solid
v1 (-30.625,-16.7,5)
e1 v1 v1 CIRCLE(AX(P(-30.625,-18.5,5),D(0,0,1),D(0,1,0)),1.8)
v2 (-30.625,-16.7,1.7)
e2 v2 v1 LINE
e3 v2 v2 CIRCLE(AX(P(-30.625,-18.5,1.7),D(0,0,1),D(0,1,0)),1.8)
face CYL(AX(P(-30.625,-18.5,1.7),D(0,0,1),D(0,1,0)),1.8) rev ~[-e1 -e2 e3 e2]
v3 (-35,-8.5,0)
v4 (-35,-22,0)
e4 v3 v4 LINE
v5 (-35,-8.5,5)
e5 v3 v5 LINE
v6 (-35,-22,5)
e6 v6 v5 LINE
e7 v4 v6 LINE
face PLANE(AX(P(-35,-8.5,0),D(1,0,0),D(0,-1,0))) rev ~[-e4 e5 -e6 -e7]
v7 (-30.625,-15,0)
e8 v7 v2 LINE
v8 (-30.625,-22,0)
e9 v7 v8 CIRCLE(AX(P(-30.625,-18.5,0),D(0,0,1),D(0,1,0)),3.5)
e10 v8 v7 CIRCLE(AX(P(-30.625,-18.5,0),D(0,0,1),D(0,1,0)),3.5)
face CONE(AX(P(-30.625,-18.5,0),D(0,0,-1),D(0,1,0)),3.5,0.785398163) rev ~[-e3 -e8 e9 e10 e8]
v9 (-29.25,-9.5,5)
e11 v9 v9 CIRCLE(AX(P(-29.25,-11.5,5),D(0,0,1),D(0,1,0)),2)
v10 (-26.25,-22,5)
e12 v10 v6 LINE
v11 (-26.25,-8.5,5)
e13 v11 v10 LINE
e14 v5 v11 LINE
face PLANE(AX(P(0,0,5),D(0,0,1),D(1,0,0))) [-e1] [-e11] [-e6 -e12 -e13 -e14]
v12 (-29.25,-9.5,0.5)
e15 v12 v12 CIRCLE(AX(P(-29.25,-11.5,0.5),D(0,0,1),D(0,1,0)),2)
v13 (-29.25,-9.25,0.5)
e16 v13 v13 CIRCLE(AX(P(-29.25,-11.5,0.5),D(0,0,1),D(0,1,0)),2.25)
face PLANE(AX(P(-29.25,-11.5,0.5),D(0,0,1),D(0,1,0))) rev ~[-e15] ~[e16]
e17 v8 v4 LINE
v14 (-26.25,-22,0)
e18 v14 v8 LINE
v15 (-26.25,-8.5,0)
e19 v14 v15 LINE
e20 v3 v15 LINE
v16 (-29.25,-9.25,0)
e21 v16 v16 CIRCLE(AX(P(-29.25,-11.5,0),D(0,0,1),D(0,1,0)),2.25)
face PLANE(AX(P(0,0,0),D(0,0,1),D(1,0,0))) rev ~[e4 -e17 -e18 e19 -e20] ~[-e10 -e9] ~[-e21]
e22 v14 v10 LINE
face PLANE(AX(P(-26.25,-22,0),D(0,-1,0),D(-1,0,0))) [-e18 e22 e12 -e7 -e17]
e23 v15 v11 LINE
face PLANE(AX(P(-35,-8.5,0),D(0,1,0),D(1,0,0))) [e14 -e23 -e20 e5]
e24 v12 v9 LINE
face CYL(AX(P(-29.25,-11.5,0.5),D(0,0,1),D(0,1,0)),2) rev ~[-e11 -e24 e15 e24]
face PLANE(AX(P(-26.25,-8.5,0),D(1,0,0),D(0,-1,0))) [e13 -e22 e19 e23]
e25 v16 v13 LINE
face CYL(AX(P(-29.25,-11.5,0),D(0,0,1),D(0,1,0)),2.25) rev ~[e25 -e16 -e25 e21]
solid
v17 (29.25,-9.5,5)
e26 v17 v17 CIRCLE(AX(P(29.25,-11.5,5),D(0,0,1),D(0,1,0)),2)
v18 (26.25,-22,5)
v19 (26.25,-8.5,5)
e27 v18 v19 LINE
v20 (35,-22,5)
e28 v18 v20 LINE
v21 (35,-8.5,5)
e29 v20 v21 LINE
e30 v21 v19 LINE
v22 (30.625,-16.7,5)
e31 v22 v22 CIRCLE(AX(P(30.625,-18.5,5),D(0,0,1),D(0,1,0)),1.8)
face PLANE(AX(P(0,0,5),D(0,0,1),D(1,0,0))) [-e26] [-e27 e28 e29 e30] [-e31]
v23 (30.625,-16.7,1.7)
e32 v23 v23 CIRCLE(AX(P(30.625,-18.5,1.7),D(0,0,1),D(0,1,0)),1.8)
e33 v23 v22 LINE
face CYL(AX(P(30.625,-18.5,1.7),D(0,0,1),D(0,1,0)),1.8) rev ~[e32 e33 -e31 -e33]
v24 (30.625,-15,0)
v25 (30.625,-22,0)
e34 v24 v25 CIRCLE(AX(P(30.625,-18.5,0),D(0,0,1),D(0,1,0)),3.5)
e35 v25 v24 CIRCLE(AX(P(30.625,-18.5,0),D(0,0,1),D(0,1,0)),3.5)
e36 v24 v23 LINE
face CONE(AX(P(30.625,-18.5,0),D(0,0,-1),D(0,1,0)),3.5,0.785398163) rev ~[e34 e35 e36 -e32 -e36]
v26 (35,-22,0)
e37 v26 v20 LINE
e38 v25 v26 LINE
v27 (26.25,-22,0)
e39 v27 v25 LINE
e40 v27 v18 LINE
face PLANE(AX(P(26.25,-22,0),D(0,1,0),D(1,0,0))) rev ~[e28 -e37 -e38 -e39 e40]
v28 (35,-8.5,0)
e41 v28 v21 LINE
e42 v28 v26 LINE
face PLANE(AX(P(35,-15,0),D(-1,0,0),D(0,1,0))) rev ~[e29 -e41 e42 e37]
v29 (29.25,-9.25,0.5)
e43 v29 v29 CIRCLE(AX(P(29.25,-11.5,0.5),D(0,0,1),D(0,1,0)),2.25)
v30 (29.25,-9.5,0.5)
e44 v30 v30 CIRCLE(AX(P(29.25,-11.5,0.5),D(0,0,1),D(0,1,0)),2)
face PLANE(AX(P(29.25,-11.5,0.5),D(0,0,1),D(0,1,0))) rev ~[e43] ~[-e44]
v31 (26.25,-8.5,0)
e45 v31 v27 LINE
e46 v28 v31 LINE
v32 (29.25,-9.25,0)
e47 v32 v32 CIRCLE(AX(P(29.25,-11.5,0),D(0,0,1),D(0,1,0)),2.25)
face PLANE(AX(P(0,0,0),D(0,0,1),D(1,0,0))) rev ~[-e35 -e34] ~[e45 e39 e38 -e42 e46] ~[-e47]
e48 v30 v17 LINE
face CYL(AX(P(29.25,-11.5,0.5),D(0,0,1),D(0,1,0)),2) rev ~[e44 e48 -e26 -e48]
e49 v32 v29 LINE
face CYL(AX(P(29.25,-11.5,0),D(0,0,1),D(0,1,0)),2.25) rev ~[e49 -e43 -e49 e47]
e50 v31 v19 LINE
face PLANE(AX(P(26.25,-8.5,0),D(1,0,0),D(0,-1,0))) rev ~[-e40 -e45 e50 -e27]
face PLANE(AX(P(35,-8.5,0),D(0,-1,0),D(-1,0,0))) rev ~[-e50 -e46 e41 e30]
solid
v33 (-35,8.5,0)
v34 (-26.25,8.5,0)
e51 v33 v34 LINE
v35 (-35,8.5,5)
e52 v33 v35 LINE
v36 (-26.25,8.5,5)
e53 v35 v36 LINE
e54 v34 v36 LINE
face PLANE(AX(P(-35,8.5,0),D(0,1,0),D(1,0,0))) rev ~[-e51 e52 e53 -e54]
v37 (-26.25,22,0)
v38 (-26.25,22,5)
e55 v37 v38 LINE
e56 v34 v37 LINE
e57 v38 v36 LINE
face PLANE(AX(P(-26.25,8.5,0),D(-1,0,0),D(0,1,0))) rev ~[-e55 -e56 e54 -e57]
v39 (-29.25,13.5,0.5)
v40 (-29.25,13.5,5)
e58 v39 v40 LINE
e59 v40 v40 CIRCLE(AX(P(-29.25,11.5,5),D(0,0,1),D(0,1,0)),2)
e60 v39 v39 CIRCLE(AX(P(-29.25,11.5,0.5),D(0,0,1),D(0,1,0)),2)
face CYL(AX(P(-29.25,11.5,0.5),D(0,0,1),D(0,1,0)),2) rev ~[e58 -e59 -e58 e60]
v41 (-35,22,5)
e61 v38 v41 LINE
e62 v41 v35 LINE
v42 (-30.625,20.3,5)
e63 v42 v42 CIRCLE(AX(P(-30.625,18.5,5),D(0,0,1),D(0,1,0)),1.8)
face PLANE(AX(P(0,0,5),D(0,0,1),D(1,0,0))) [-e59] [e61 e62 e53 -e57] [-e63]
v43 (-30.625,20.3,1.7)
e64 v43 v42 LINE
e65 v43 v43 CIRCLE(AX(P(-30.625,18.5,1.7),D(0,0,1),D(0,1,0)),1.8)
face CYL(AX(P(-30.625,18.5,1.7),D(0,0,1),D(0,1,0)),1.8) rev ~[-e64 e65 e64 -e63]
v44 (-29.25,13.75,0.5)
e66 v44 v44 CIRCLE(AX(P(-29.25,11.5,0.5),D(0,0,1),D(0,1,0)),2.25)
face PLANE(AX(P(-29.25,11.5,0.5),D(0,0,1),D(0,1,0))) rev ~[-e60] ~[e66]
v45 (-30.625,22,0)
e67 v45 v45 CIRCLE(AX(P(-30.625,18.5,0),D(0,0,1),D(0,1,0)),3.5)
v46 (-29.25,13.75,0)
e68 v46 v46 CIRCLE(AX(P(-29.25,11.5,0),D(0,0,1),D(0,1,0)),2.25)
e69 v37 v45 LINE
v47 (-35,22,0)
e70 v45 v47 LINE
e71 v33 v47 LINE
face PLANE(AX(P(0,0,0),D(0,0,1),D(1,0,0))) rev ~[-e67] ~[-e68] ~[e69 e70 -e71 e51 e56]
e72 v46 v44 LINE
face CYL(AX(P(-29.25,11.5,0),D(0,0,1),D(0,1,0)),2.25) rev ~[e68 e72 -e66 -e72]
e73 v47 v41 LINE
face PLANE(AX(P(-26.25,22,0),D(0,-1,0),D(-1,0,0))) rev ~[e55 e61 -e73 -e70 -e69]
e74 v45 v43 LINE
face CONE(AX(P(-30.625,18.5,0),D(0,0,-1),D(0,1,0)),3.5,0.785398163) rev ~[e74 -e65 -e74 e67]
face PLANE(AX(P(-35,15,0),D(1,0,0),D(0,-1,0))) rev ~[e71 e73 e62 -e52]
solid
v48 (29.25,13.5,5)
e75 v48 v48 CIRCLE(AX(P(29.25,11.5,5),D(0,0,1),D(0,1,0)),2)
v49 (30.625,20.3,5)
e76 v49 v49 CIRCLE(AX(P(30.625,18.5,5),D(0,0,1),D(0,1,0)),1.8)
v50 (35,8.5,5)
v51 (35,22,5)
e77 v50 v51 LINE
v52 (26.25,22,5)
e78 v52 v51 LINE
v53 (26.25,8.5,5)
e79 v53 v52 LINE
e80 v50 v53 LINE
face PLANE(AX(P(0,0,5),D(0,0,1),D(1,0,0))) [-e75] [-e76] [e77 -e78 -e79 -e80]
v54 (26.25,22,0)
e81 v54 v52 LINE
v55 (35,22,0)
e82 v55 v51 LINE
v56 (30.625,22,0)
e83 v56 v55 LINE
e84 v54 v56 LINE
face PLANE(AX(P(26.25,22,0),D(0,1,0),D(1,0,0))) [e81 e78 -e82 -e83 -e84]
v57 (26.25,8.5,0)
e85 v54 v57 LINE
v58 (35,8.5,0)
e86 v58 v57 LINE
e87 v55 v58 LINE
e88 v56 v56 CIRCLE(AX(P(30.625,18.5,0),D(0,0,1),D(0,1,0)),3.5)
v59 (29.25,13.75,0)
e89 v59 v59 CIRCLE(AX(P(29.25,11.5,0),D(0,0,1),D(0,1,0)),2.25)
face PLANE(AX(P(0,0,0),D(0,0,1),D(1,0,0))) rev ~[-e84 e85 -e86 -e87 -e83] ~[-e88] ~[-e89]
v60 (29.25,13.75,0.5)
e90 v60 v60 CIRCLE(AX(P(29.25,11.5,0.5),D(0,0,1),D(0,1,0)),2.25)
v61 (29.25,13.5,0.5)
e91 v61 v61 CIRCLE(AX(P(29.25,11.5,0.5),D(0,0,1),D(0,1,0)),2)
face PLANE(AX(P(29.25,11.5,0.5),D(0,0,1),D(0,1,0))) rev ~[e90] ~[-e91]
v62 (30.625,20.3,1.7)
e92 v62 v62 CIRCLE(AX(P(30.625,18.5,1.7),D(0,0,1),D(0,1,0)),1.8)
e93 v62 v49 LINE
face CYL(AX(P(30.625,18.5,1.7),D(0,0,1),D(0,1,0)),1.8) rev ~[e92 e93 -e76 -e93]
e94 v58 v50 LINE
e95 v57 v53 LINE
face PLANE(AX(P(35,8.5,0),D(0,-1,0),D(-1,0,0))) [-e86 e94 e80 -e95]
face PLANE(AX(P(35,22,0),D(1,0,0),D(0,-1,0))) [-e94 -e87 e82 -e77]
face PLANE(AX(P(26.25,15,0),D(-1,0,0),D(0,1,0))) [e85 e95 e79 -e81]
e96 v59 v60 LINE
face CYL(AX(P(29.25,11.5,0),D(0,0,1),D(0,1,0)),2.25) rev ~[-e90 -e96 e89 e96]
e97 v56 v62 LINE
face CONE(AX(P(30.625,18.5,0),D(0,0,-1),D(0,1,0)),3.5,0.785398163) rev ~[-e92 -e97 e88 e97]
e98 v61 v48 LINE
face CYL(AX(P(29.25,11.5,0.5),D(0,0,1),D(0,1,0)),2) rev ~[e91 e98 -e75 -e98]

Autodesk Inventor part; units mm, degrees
ref_plane "YZ Plane" through (0, 0, 0) normal (1, 0, 0) x (0, 1, 0)
ref_plane "XZ Plane" through (0, 0, 0) normal (0, 1, 0) x (-1, 0, 0)
ref_plane "XY Plane" through (0, 0, 0) normal (0, 0, 1) x (1, 0, 0)
ref_plane "Work Plane1" through (0, 0, 0) normal (0, 0, 1) x (1, 0, 0)
sketch "Sketch1" plane through (0, 0, 0) normal (0, 0, 1) x (1, 0, 0)
  line L0 (-35, 15) -> (-35, -15) projected
  line L1 (-35, -15) -> (35, -15) projected
  line L2 (35, -15) -> (35, 15) projected
  line L3 (35, 15) -> (-35, 15) projected
  circle A0 centre (29.25, 11.5) radius 1.5 projected
  circle A1 centre (29.25, -11.5) radius 1.5 projected
  circle A2 centre (-29.25, 11.5) radius 1.5 projected
  circle A3 centre (-29.25, -11.5) radius 1.5 projected
  line L4 (35, 8.5) -> (26.25, 8.5)
  line L5 (26.25, 8.5) -> (26.25, 22)
  line L6 (26.25, 22) -> (35, 22)
  line L7 (35, 22) -> (35, 8.5)
  line L8 (35, -8.5) -> (26.25, -8.5)
  line L9 (26.25, -8.5) -> (26.25, -22)
  line L10 (26.25, -22) -> (35, -22)
  line L11 (35, -22) -> (35, -8.5)
  line L12 (-35, 8.5) -> (-26.25, 8.5)
  line L13 (-26.25, 8.5) -> (-26.25, 22)
  line L14 (-26.25, 22) -> (-35, 22)
  line L15 (-35, 22) -> (-35, 8.5)
  line L16 (-35, -8.5) -> (-26.25, -8.5)
  line L17 (-26.25, -8.5) -> (-26.25, -22)
  line L18 (-26.25, -22) -> (-35, -22)
  line L19 (-35, -22) -> (-35, -8.5)
  point P0 (0, 0)
  dimension "d0" = 3
  dimension "d1" = 3
  dimension "d2" = 7
  dimension "d3" = 3
  dimension "d4" = 3
  dimension "d5" = 7
  dimension "d6" = 7
  dimension "d7" = 3
  dimension "d8" = 3
  dimension "d9" = 3
  dimension "d10" = 3
  dimension "d11" = 7
extrude "Extrusion1" add sketch "Sketch1" along normal blind 5 contours L3 L13 L12 L0 | L15 L14 L13 L3 | L16 L17 L1 L0 | L5 L6 L7 L3 | L3 L2 L4 L5 | L1 L17 L18 L19 | L9 L8 L2 L1 | L1 L11 L10 L9 | A0 | A1 | A2 | A3
sketch "Sketch2" plane through (0, 0, 0) normal (0, 0, -1) x (-1, 0, 0)
  line L0 (-22.6874, -6.3823) -> (-22.6874, 8.2103) projected
  line L1 (-22.6874, 8.2103) -> (19.4692, 8.2103) projected
  line L2 (19.4692, 8.2103) -> (19.4692, -6.3823) projected
  line L3 (19.4692, -6.3823) -> (-22.6874, -6.3823) projected
  line L4 (35, 15) -> (35, -15) projected
  line L5 (-35, 15) -> (35, 15) projected
  line L6 (-35, -15) -> (-35, 15) projected
  line L7 (35, -15) -> (-35, -15) projected
  circle A0 centre (-29.25, 11.5) radius 1.5 projected
  circle A1 centre (-29.25, -11.5) radius 1.5 projected
  circle A2 centre (29.25, 11.5) radius 1.5 projected
  circle A3 centre (29.25, -11.5) radius 1.5 projected
  point P0 (0, 0)
hole "Hole1" at (29.25, 11.5, 0) at (29.25, -11.5, 0) at (-29.25, -11.5, 0) at (-29.25, 11.5, 0) direction (0, 0, 1) diameter 4 depth 5 counterbore diameter 4.5 counterbore depth 0.5
sketch "Sketch3" plane through (0, 0, 0) normal (0, 0, -1) x (-1, 0, 0)
  circle A0 centre (29.25, 11.5) radius 2.25 projected
  line L0 (26.25, 22) -> (35, 22) projected
  line L1 (26.25, 8.5) -> (26.25, 22) projected
  line L2 (35, 8.5) -> (26.25, 8.5) projected
  line L3 (35, 22) -> (35, 8.5) projected
  circle A1 centre (29.25, -11.5) radius 2.25 projected
  line L4 (26.25, -8.5) -> (35, -8.5) projected
  line L5 (26.25, -22) -> (26.25, -8.5) projected
  line L6 (35, -22) -> (26.25, -22) projected
  line L7 (35, -8.5) -> (35, -22) projected
  circle A2 centre (-29.25, -11.5) radius 2.25 projected
  line L8 (-26.25, -22) -> (-35, -22) projected
  line L9 (-26.25, -8.5) -> (-26.25, -22) projected
  line L10 (-35, -8.5) -> (-26.25, -8.5) projected
  line L11 (-35, -22) -> (-35, -8.5) projected
  circle A3 centre (-29.25, 11.5) radius 2.25 projected
  line L12 (-26.25, 8.5) -> (-35, 8.5) projected
  line L13 (-26.25, 22) -> (-26.25, 8.5) projected
  line L14 (-35, 22) -> (-26.25, 22) projected
  line L15 (-35, 8.5) -> (-35, 22) projected
  line L16 (-22.6874, -6.3823) -> (-22.6874, 8.2103) projected
  line L17 (-22.6874, 8.2103) -> (19.4692, 8.2103) projected
  line L18 (19.4692, 8.2103) -> (19.4692, -6.3823) projected
  line L19 (19.4692, -6.3823) -> (-22.6874, -6.3823) projected
  line L20 (35, 15) -> (35, -15) projected
  line L21 (-35, 15) -> (35, 15) projected
  line L22 (-35, -15) -> (-35, 15) projected
  line L23 (35, -15) -> (-35, -15) projected
  circle A4 centre (-29.25, 11.5) radius 1.5 projected
  circle A5 centre (-29.25, -11.5) radius 1.5 projected
  circle A6 centre (29.25, 11.5) radius 1.5 projected
  circle A7 centre (29.25, -11.5) radius 1.5 projected
  line L24 (26.25, 22) -> (35, 22) projected
  line L25 (35, 22) -> (26.25, 15.25)
  line L26 (26.25, 8.5) -> (26.25, 22) projected
  line L27 (35, 15) -> (26.25, 22)
  line L28 (26.25, -22) -> (26.25, -8.5) projected
  line L29 (26.25, -22) -> (35, -15)
  line L30 (26.25, -15) -> (35, -22)
  line L31 (-35, 15) -> (-26.25, 22)
  line L32 (-26.25, 22) -> (-26.25, 8.5) projected
  line L33 (-35, 22) -> (-26.25, 22) projected
  line L34 (-26.25, 15) -> (-35, 22)
  line L35 (-26.25, -8.5) -> (-26.25, -22) projected
  line L36 (-26.25, -15.25) -> (-35, -22)
  line L37 (-26.25, -22) -> (-35, -15)
  point P0 (0, 0)
  point P1 (30.625, 18.5)
  point P2 (30.625, -18.5)
  point P3 (-30.625, -18.5)
  point P4 (-30.625, 18.5)
hole "Hole2" at (-30.625, 18.5, 0) at (-30.625, -18.5, 0) at (30.625, -18.5, 0) at (30.625, 18.5, 0) direction (0, 0, 1) diameter 3.6 depth 5 countersink diameter 7 countersink angle 90 clearance for "Countersunk Flat Head Screw ISO 2009/7046" size "M3" standard "ISO"
properties part number "my_pcb_holder"
